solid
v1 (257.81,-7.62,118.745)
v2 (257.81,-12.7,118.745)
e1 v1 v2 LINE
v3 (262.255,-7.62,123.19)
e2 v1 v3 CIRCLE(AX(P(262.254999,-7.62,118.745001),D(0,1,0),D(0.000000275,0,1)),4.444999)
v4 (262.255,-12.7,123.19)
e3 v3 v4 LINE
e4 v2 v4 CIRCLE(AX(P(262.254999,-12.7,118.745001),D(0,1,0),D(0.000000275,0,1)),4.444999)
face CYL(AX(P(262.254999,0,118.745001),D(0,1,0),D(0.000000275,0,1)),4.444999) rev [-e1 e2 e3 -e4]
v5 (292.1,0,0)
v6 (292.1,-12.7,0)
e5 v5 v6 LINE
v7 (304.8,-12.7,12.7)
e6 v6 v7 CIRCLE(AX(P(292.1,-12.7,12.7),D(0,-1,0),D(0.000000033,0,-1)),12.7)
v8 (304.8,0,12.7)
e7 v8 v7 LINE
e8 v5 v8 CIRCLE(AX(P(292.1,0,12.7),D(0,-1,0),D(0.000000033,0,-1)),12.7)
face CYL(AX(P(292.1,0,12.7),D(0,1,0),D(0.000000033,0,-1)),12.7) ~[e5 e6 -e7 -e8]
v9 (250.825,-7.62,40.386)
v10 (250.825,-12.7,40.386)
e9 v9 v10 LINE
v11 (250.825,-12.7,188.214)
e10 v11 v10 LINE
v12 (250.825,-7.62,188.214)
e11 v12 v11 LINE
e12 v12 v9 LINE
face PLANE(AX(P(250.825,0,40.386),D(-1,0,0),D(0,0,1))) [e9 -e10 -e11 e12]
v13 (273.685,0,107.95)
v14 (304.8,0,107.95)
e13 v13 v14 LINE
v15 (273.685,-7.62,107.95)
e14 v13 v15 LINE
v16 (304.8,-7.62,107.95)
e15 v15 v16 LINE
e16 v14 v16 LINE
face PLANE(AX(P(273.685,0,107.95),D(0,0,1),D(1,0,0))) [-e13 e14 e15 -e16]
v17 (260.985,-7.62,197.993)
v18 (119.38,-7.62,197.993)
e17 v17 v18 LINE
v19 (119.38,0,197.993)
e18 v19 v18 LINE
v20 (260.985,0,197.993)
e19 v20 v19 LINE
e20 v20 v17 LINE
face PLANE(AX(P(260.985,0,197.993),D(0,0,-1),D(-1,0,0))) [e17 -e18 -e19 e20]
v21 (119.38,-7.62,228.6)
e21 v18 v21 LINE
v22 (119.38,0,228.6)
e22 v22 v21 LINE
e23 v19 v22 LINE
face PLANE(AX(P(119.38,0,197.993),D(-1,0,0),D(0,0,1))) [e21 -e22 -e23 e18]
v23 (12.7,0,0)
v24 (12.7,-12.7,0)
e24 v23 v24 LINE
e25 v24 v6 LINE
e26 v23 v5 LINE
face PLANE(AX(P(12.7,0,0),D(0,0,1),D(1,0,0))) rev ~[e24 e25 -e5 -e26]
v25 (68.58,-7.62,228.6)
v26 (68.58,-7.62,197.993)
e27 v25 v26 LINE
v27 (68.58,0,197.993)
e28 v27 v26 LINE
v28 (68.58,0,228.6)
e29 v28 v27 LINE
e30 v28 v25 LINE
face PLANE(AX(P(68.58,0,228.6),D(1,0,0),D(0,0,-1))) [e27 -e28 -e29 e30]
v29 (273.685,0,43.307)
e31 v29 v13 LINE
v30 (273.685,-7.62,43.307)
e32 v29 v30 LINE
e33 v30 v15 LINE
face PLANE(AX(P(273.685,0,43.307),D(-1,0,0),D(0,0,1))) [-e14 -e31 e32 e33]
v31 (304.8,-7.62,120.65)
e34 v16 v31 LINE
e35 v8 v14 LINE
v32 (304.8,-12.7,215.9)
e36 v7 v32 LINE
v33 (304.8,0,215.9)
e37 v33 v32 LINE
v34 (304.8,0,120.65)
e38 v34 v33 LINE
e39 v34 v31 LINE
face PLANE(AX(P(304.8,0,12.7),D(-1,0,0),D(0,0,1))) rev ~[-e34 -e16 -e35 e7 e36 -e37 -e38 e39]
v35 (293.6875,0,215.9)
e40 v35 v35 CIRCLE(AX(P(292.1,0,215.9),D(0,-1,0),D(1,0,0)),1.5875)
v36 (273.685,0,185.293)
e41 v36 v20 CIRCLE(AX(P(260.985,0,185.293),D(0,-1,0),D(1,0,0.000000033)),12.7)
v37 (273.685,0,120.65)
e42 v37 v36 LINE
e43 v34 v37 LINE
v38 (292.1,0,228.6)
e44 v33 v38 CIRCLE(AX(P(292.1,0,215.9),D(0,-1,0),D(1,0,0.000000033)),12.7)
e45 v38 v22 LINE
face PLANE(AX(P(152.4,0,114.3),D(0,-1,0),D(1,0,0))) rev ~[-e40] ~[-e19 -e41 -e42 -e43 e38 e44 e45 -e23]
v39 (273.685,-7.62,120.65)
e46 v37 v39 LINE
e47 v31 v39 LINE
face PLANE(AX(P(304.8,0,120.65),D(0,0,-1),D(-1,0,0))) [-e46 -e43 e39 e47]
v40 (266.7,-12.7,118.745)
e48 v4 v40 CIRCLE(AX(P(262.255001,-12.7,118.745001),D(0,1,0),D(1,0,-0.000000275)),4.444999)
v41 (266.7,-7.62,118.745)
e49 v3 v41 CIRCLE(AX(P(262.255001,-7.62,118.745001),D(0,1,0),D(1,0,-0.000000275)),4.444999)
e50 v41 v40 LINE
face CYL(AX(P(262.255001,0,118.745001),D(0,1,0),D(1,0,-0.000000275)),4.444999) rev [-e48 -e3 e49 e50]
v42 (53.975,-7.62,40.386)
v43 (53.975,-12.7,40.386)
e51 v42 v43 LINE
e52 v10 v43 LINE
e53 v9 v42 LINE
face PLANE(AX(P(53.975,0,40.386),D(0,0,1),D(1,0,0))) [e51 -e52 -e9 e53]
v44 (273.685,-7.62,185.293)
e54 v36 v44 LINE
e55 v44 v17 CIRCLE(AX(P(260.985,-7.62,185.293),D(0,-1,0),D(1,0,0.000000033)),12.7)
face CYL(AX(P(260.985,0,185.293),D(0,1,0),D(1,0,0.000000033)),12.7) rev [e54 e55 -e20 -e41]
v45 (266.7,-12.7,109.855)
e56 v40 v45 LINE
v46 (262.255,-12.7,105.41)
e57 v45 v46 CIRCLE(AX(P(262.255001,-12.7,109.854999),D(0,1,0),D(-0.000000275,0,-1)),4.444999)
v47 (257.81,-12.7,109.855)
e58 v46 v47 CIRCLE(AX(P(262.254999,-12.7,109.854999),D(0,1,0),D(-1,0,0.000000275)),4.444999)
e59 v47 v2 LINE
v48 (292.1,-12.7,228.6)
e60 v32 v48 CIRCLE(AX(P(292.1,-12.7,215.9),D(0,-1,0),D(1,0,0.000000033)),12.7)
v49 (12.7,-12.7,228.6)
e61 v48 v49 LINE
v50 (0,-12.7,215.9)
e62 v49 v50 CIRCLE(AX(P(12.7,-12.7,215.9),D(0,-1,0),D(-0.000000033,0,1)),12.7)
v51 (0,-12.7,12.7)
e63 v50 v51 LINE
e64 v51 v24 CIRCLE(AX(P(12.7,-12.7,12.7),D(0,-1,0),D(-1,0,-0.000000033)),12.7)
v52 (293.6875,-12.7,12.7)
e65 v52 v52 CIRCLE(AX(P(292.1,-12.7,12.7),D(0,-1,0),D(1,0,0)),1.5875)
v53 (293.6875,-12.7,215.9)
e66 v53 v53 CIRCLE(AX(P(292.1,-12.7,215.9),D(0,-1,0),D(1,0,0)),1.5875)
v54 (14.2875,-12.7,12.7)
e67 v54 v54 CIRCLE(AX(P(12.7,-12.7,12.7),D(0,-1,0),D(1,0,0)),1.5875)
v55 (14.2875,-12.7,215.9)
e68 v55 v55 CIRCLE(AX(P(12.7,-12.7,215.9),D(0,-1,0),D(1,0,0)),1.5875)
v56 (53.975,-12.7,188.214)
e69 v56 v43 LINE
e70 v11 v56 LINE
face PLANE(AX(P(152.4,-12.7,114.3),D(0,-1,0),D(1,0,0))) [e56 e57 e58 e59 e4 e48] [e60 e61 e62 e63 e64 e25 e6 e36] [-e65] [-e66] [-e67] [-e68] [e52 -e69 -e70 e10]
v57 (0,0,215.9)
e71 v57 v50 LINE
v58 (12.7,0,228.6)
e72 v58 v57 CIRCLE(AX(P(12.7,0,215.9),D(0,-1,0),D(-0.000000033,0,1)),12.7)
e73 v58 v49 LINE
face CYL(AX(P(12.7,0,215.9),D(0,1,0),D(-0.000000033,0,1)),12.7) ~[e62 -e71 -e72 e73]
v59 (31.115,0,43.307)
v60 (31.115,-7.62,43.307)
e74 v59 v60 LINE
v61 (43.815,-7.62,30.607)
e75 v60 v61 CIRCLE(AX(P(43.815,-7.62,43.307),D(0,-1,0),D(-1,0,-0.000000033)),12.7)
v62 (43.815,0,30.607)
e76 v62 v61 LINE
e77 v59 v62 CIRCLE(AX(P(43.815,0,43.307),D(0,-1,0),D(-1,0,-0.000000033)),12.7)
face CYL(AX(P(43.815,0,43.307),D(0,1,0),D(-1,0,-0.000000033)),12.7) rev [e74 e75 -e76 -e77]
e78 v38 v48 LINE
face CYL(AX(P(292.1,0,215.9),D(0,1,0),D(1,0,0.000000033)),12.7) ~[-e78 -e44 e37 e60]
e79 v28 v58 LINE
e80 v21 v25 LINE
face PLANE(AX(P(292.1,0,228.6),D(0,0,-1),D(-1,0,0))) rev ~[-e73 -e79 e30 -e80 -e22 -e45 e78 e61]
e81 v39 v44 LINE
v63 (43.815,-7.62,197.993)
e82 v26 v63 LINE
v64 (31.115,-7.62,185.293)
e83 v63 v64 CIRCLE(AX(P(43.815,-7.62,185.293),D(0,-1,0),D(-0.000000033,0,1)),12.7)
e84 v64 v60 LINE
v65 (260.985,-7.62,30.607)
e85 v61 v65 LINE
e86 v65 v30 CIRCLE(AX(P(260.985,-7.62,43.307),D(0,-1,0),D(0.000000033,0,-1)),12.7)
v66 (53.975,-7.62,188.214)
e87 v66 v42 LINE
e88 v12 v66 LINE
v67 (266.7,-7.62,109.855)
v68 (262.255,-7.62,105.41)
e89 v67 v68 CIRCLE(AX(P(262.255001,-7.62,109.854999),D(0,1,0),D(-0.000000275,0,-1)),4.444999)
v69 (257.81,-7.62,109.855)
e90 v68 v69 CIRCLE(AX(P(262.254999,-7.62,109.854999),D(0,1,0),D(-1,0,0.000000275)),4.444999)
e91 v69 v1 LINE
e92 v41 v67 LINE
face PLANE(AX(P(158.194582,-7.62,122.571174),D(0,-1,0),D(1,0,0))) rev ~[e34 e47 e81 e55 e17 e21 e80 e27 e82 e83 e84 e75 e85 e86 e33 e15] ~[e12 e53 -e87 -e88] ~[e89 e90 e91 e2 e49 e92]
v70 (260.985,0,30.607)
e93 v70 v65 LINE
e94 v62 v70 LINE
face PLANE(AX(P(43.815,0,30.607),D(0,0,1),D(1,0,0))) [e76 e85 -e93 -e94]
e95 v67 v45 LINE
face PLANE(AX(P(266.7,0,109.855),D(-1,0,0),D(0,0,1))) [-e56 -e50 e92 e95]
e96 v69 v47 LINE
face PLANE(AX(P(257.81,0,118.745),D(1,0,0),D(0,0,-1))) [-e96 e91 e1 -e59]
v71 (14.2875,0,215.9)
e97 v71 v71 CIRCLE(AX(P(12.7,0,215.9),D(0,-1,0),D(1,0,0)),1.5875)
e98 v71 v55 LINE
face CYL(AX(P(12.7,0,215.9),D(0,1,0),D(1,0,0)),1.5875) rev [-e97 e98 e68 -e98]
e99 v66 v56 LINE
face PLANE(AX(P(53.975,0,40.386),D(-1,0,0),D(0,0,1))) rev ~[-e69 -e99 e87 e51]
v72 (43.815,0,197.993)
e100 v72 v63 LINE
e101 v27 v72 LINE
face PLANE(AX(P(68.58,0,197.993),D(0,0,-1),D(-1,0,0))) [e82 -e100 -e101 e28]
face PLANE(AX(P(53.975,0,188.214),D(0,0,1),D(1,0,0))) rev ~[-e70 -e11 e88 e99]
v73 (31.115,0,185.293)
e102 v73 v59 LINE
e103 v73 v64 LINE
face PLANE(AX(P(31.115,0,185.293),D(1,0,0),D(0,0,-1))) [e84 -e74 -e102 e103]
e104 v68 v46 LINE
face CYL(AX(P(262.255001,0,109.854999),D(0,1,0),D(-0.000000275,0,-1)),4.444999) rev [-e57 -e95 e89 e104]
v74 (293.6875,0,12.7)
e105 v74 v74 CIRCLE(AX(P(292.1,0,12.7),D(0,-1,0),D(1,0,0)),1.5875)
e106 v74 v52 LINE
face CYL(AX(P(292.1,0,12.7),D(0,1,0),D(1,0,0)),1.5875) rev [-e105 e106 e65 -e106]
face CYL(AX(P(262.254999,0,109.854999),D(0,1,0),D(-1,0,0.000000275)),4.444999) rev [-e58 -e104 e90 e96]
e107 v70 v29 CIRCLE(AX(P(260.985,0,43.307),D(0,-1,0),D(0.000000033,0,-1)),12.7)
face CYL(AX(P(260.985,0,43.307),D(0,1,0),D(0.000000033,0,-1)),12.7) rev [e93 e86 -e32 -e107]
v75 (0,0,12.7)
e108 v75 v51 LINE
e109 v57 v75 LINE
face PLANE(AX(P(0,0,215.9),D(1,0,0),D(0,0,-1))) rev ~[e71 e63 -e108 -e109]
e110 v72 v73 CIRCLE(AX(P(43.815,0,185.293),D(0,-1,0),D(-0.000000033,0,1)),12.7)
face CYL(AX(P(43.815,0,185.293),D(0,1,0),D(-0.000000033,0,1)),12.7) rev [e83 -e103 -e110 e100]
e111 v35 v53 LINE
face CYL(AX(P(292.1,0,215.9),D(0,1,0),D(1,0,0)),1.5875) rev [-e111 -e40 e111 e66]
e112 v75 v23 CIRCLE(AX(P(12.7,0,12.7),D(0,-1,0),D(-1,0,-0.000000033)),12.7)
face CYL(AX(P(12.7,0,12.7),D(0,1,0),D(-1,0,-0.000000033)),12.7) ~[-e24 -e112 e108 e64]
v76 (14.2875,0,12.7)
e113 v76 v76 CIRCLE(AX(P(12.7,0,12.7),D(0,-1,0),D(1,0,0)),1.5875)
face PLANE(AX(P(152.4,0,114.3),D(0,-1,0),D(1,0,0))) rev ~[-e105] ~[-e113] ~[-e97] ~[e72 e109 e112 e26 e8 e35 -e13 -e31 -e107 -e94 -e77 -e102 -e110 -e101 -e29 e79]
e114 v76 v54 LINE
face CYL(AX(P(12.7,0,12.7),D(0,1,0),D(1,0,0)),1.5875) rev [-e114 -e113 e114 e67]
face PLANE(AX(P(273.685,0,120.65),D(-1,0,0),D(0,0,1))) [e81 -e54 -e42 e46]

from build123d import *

# Parameters (mm, degrees)
F0_R     = 1.5875
F1_DEPTH = 12.7
F3_DEPTH = 7.62
F4_W     = 196.85
F4_H     = 147.828
F4_R     = 1.5875
F5_DEPTH = 25.4


with BuildPart() as f1:
    # F0 (on Front) → F1 (new body)
    with BuildSketch(Plane.XZ):
        with BuildLine():
            Line((292.1, 228.6), (12.7, 228.6))
            ThreePointArc((12.7, 228.6), (3.719744, 224.880256), (0, 215.9))
            Line((0, 215.9), (0, 12.7))
            ThreePointArc((0, 12.7), (3.719744, 3.719744), (12.7, 0))
            Line((12.7, 0), (292.1, 0))
            ThreePointArc((292.1, 0), (301.080256, 3.719744), (304.8, 12.7))
            Line((304.8, 12.7), (304.8, 215.9))
            ThreePointArc((304.8, 215.9), (301.080256, 224.880256), (292.1, 228.6))
        make_face()
        with Locations((12.7, 12.7)):
            Circle(F0_R, mode=Mode.SUBTRACT)
        with Locations((292.1, 12.7)):
            Circle(F0_R, mode=Mode.SUBTRACT)
        with Locations((12.7, 215.9)):
            Circle(F0_R, mode=Mode.SUBTRACT)
        with Locations((292.1, 215.9)):
            Circle(F0_R, mode=Mode.SUBTRACT)
    extrude(amount=F1_DEPTH)

    # F2 (on face) → F3 (cut)
    with BuildSketch(Plane.XZ):
        with BuildLine():
            ThreePointArc((31.115, 43.307), (34.834744, 34.326744), (43.815, 30.607))
            Line((43.815, 30.607), (260.985, 30.607))
            ThreePointArc((260.985, 30.607), (269.965256, 34.326744), (273.685, 43.307))
            Line((273.685, 43.307), (273.685, 107.95))
            Line((273.685, 107.95), (304.8, 107.95))
            Line((304.8, 107.95), (304.8, 120.65))
            Line((304.8, 120.65), (273.685, 120.65))
            Line((273.685, 120.65), (273.685, 185.293))
            ThreePointArc((273.685, 185.293), (269.965256, 194.273256), (260.985, 197.993))
            Line((260.985, 197.993), (119.38, 197.993))
            Line((119.38, 197.993), (119.38, 228.6))
            Line((119.38, 228.6), (68.58, 228.6))
            Line((68.58, 228.6), (68.58, 197.993))
            Line((68.58, 197.993), (43.815, 197.993))
            ThreePointArc((43.815, 197.993), (34.834744, 194.273256), (31.115, 185.293))
            Line((31.115, 185.293), (31.115, 43.307))
        make_face()
    extrude(amount=F3_DEPTH, mode=Mode.SUBTRACT)

    # F4 (on face) → F5 (cut)
    with BuildSketch(Plane.XZ):
        with Locations((152.4, 114.3)):
            Rectangle(F4_W, F4_H)
        with BuildLine():
            Line((266.7, 109.855), (266.7, 118.745))
            ThreePointArc((266.7, 118.745), (265.39809, 121.88809), (262.255, 123.19))
            ThreePointArc((262.255, 123.19), (259.11191, 121.88809), (257.81, 118.745))
            Line((257.81, 118.745), (257.81, 109.855))
            ThreePointArc((257.81, 109.855), (259.11191, 106.71191), (262.255, 105.41))
            ThreePointArc((262.255, 105.41), (265.39809, 106.71191), (266.7, 109.855))
        make_face()
        with Locations((292.1, 215.9)):
            Circle(F4_R)
        with Locations((12.7, 215.9)):
            Circle(F4_R)
        with Locations((12.7, 12.7)):
            Circle(F4_R)
        with Locations((292.1, 12.7)):
            Circle(F4_R)
    extrude(amount=F5_DEPTH, mode=Mode.SUBTRACT)


solid = f1.part
